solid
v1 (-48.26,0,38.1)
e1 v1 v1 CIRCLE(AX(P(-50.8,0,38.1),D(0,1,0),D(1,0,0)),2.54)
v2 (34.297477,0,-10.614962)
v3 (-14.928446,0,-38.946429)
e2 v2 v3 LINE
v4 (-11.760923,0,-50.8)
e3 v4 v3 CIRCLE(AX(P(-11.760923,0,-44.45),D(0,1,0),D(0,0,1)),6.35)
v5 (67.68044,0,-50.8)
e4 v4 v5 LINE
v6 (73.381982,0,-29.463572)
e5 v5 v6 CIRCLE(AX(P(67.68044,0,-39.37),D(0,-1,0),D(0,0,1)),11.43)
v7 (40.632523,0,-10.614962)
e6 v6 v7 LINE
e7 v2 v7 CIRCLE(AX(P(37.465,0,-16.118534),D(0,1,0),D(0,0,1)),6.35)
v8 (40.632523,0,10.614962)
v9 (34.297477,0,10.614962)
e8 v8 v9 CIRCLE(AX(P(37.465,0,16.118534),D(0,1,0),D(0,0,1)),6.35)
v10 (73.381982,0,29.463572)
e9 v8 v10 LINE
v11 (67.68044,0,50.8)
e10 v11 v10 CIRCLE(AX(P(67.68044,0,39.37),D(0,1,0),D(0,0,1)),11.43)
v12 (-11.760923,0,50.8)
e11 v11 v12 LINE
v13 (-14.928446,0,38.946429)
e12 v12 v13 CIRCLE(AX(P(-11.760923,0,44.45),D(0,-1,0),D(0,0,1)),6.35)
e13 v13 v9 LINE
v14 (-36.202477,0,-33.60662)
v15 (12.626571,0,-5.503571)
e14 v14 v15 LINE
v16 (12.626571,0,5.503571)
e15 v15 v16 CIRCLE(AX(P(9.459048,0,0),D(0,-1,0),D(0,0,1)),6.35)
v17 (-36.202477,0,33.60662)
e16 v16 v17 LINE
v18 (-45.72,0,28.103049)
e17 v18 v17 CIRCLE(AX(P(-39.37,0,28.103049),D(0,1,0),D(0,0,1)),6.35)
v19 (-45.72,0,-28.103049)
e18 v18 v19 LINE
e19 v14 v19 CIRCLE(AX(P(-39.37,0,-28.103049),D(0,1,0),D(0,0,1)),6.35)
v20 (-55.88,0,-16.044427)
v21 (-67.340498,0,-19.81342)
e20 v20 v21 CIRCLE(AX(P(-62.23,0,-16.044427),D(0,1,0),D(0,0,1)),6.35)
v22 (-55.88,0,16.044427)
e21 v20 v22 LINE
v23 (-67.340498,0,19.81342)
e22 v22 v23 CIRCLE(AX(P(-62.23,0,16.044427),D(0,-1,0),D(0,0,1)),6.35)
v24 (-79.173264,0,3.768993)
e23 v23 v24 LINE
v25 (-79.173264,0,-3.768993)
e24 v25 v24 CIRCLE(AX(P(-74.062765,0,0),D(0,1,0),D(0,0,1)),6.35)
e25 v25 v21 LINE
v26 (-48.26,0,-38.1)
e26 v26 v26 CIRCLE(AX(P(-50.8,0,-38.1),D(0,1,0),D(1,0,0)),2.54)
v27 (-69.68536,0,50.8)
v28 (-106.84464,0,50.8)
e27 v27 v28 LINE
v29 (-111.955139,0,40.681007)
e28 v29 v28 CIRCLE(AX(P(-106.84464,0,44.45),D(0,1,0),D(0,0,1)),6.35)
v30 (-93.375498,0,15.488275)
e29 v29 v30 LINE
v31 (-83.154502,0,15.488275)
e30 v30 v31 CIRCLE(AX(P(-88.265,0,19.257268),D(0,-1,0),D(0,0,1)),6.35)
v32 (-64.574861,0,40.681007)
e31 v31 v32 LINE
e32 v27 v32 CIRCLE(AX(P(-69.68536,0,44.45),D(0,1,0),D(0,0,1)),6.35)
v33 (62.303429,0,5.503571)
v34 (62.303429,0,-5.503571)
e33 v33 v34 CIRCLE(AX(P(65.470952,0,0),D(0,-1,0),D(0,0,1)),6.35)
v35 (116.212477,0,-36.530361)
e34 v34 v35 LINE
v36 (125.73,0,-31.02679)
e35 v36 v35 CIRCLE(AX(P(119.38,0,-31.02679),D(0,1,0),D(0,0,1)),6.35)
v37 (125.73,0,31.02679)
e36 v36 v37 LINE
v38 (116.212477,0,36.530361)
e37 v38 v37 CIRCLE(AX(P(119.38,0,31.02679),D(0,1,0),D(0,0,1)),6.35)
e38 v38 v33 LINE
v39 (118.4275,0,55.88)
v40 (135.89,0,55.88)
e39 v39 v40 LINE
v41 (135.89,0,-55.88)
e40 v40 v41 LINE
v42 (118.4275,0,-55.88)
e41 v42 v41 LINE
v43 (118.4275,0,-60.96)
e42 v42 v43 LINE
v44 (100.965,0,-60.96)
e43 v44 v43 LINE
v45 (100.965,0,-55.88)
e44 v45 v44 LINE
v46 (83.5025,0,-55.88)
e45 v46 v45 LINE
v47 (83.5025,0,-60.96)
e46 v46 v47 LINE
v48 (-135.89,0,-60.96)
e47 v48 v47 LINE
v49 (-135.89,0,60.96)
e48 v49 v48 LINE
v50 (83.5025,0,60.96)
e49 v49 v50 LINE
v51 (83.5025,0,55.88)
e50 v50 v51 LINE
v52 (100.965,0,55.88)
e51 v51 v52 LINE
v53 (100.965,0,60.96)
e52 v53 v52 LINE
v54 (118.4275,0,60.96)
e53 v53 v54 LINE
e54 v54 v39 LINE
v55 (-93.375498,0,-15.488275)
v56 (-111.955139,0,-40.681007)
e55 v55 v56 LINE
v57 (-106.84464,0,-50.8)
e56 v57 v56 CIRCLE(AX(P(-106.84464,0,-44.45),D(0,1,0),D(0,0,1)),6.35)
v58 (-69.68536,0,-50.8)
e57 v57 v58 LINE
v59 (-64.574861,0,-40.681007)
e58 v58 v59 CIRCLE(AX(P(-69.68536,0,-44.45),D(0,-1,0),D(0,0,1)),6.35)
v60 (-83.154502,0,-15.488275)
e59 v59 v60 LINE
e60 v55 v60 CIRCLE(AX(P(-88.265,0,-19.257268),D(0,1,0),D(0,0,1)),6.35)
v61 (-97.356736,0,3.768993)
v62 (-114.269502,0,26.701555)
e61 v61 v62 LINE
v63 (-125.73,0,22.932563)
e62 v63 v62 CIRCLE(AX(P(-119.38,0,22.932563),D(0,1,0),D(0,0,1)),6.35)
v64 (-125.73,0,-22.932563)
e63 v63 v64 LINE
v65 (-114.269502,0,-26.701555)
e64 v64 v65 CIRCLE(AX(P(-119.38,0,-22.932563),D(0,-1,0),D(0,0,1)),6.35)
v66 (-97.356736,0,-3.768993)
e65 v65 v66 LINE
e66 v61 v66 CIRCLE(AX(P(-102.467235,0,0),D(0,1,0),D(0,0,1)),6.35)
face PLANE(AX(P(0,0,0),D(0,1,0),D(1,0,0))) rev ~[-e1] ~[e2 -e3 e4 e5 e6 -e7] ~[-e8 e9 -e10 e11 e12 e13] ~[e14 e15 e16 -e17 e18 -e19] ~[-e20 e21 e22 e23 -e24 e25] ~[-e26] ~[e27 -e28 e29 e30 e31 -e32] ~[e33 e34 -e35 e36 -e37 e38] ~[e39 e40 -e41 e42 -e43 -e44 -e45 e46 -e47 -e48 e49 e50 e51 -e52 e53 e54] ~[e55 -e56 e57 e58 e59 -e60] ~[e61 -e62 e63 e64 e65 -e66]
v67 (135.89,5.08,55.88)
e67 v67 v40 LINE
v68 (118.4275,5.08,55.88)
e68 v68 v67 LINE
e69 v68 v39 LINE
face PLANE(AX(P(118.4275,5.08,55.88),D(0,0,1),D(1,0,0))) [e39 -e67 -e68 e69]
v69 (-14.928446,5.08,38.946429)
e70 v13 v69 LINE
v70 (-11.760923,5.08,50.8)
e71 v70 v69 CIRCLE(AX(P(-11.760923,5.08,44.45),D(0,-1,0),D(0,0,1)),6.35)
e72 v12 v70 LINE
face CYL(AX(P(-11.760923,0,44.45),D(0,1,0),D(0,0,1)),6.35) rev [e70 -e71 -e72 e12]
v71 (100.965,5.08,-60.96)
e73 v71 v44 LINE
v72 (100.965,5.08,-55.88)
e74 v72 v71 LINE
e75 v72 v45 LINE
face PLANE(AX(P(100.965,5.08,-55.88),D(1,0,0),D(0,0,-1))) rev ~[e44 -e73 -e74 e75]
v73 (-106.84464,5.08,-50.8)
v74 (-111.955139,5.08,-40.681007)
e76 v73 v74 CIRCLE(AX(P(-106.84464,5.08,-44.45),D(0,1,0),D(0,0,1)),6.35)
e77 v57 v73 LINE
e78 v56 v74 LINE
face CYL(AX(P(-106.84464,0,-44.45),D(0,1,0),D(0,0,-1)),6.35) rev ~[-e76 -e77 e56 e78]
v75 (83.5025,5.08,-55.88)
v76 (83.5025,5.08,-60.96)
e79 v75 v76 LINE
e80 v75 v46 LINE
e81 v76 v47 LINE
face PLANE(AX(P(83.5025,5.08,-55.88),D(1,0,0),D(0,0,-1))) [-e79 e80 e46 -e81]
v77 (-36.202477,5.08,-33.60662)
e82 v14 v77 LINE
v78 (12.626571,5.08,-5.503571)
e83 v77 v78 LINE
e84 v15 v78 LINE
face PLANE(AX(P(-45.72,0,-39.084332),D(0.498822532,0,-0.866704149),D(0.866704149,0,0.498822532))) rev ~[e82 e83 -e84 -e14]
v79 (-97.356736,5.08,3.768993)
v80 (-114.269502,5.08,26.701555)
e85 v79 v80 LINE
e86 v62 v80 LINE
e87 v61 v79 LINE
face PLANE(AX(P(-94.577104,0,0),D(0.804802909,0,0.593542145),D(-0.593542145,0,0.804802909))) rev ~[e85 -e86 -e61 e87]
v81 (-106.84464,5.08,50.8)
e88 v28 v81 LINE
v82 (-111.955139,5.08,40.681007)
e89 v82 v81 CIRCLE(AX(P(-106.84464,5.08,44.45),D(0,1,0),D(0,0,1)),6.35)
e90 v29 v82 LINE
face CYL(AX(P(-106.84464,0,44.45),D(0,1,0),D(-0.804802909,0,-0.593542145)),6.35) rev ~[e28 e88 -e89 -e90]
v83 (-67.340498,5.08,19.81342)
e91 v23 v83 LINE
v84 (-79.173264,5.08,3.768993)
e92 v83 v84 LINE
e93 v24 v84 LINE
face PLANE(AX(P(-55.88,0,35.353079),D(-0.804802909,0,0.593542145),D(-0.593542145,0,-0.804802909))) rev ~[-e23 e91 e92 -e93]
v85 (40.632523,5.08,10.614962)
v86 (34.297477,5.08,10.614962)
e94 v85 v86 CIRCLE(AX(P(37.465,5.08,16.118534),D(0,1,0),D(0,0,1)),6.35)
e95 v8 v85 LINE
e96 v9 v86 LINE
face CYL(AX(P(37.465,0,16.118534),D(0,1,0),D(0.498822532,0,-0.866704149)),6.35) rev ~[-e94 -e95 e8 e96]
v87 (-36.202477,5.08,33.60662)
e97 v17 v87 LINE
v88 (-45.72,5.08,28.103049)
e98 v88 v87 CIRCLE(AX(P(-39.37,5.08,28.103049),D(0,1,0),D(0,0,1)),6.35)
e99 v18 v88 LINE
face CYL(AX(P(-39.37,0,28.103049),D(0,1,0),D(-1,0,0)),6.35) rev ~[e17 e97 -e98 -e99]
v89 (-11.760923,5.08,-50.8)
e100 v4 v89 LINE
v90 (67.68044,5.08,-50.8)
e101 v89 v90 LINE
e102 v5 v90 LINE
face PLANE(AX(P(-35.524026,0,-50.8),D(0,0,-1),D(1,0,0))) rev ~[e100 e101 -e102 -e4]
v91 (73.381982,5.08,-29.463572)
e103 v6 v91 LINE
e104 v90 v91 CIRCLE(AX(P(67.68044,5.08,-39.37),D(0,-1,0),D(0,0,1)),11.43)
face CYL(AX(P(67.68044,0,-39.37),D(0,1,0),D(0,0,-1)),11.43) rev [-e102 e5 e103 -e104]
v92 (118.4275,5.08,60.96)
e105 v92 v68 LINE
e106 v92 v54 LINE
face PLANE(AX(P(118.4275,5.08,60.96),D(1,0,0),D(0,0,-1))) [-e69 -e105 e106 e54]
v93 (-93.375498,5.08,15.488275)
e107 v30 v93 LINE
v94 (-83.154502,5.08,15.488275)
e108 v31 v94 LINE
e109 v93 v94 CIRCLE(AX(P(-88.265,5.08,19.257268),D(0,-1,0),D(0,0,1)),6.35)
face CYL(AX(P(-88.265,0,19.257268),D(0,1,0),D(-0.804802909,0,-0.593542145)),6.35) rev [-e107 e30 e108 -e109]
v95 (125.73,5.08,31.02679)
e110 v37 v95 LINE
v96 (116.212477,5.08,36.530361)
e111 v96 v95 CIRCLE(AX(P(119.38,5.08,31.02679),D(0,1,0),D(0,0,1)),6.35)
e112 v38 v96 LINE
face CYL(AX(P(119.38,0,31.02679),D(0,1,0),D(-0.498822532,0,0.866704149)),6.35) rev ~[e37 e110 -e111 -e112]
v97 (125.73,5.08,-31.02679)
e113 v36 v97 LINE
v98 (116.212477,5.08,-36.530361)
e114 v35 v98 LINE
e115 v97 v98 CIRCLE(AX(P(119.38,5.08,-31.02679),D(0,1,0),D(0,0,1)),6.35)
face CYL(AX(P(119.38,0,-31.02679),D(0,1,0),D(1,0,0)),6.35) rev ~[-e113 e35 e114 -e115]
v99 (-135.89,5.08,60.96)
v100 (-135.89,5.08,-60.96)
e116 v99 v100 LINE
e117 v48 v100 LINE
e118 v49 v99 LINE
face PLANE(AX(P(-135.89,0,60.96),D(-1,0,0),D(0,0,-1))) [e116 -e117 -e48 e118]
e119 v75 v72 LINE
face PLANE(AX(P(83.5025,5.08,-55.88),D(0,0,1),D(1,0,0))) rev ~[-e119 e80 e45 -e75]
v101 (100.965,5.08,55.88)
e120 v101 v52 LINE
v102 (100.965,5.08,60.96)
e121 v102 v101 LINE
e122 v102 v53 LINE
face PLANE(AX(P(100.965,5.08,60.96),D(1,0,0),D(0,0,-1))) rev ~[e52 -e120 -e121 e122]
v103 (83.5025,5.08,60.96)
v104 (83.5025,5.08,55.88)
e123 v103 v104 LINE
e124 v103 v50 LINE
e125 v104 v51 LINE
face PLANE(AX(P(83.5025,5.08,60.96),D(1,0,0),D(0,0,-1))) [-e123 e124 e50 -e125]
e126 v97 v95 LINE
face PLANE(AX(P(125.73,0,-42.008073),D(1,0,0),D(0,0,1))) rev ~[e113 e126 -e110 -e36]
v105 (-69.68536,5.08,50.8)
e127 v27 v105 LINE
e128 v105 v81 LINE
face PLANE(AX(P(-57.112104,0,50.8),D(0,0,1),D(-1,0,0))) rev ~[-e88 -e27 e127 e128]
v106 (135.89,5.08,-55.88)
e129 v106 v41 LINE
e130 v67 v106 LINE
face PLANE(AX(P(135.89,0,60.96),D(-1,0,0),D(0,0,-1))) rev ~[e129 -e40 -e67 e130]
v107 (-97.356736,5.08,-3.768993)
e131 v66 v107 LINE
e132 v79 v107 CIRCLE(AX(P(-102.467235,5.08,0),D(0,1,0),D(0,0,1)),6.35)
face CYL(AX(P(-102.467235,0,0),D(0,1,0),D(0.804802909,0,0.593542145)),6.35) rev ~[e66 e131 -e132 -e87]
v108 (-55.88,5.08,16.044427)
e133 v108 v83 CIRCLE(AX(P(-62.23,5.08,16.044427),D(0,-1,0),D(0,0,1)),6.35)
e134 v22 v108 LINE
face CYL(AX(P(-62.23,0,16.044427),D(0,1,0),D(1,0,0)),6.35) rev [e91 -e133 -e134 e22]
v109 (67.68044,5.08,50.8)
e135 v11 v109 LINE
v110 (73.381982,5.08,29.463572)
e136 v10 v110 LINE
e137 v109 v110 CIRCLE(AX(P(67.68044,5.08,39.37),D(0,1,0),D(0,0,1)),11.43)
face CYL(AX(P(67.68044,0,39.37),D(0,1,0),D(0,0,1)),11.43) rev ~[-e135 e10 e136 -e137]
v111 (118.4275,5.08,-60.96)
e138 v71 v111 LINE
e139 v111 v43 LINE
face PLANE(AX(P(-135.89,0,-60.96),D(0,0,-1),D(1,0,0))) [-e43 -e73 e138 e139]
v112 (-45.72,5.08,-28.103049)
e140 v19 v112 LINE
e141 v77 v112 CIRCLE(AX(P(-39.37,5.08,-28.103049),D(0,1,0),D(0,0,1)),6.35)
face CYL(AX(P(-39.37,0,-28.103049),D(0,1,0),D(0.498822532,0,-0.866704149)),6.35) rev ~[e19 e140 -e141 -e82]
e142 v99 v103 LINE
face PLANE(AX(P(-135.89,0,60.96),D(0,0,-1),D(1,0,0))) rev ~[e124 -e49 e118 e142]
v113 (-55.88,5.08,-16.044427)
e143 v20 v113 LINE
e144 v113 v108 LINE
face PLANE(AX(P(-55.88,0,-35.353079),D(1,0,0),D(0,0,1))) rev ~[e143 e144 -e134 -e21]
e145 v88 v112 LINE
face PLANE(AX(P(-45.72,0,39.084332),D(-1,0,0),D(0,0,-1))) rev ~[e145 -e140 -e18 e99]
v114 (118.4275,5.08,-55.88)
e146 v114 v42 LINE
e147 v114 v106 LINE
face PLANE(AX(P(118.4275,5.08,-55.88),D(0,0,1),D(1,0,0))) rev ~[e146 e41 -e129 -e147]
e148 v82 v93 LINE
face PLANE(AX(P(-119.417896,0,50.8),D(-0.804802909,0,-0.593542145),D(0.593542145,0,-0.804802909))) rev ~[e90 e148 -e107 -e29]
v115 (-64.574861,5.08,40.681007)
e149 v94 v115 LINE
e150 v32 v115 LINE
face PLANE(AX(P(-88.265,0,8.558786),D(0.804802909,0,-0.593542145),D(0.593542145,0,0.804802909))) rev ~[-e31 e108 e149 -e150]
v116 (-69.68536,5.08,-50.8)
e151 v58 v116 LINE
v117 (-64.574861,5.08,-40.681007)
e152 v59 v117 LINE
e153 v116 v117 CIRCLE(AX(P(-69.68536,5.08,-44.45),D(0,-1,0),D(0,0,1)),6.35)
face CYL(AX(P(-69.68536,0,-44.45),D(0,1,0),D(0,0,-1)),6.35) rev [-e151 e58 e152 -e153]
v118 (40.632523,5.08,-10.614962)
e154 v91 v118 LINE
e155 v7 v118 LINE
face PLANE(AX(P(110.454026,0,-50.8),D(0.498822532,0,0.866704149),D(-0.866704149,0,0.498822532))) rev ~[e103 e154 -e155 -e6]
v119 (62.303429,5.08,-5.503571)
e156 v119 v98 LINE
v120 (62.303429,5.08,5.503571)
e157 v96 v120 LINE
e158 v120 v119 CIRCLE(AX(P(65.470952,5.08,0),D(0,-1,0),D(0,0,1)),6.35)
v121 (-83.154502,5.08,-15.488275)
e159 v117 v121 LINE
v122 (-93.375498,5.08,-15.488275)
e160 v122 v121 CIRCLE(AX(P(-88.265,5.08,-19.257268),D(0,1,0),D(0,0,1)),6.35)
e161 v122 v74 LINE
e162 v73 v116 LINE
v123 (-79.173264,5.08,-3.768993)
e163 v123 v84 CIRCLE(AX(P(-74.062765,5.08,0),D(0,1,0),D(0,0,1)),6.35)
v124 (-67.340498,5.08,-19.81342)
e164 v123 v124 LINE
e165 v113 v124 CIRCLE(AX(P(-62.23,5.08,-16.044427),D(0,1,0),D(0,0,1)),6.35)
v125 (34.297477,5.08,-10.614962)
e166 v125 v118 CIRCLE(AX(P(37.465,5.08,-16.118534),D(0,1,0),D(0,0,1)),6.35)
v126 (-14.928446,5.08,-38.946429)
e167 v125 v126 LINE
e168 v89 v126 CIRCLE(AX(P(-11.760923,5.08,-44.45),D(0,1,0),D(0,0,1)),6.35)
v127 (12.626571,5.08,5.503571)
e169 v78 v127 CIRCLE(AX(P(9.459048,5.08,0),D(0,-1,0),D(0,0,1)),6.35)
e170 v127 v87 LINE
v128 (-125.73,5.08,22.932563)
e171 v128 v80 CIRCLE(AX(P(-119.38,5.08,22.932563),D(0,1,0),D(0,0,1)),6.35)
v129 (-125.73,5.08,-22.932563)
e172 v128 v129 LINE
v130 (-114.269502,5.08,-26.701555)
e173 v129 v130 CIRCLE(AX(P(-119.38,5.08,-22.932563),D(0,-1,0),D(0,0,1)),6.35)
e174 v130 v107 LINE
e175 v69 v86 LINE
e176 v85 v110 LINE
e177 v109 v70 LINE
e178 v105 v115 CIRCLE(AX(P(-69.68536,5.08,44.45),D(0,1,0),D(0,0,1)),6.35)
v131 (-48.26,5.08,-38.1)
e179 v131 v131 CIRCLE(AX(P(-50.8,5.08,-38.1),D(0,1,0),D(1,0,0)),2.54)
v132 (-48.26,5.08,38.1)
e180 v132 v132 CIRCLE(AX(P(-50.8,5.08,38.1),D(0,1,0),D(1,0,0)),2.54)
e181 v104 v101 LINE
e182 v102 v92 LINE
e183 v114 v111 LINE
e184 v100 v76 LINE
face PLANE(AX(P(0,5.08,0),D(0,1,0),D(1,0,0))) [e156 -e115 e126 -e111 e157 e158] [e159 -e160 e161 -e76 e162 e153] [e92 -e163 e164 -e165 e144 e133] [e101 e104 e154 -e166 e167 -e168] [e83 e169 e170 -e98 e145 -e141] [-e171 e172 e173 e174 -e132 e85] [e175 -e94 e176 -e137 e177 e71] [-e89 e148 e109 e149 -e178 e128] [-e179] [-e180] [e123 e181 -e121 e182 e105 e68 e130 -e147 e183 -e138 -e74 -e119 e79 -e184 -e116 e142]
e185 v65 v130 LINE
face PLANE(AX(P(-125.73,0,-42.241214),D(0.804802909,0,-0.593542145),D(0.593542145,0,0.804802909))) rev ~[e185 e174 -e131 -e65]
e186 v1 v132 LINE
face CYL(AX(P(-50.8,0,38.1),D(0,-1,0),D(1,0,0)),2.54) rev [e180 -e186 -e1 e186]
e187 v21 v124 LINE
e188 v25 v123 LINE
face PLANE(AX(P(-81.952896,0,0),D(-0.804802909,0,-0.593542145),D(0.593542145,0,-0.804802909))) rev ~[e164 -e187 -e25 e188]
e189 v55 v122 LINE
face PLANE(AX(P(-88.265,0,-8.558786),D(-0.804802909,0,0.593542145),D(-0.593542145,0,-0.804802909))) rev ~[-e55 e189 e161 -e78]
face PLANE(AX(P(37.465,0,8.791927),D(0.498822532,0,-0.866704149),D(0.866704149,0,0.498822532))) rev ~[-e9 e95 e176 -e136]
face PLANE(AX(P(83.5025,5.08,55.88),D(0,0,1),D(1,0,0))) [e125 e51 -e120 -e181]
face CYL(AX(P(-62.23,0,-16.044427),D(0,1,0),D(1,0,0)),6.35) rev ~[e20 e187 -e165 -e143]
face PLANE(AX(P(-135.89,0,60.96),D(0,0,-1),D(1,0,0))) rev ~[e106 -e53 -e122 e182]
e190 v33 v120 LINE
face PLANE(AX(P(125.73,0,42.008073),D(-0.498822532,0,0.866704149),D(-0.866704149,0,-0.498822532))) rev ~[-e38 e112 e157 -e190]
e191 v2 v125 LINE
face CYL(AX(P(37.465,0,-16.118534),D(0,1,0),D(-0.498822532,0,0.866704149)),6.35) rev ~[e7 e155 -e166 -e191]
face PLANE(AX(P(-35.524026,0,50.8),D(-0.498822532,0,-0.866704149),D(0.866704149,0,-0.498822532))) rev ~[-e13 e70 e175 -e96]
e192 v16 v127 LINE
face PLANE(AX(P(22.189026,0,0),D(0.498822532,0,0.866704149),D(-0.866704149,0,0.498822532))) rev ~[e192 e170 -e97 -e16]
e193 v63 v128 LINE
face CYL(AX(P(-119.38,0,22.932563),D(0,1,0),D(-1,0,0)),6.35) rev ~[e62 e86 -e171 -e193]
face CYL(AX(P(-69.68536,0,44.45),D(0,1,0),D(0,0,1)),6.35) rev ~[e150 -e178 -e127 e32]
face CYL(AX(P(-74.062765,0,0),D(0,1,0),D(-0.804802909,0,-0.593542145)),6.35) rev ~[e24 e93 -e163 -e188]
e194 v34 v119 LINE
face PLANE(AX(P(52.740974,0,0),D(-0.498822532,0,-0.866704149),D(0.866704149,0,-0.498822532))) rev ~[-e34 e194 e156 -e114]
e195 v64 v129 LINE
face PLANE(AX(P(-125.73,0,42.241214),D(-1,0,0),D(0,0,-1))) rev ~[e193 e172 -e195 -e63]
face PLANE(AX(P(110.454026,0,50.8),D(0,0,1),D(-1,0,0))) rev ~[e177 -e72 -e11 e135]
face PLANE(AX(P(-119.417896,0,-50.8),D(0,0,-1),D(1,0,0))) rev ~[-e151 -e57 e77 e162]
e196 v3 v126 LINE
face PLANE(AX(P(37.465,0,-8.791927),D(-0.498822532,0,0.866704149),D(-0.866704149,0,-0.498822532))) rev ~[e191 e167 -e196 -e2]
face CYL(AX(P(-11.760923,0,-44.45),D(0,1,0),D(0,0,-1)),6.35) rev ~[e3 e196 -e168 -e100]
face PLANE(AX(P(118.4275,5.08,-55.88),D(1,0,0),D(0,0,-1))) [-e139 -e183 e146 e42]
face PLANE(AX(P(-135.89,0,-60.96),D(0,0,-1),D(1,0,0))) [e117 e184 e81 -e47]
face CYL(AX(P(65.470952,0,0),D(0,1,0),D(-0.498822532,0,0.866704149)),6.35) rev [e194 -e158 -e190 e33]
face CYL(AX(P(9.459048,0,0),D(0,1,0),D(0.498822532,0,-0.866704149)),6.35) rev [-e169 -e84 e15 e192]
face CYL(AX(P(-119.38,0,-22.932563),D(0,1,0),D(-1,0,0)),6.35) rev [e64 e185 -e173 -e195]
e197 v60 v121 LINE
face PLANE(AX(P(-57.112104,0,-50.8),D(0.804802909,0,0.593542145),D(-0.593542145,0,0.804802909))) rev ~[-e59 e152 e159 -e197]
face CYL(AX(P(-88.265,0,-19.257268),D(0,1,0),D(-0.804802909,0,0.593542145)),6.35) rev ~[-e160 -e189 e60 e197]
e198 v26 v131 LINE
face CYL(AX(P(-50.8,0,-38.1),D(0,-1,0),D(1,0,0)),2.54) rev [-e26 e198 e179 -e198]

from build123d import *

# Parameters (mm, degrees)
SKETCH1_W           = 271.78
SKETCH1_H           = 121.92
SKETCH1_R           = 2.54
BOSS_EXTRUDE1_DEPTH = 5.08
FILLET1_R           = 6.35
SKETCH3_W           = 17.4625
SKETCH3_H           = 5.08
CUT_EXTRUDE2_DEPTH  = 7.62
FILLET2_R           = 11.43


with BuildPart() as part:
    # Sketch1 → Boss-Extrude1 (new body)
    with BuildSketch(Plane(origin=(0, 0, 0), x_dir=(1, 0, 0), z_dir=(0, 1, 0))):
        Rectangle(SKETCH1_W, SKETCH1_H)
        with Locations((-50.8, -38.1)):
            Circle(SKETCH1_R, mode=Mode.SUBTRACT)
        Polygon((-125.73, 42.241214341), (-94.577104423, 0), (-125.73, -42.241214341), align=None, mode=Mode.SUBTRACT)
        Polygon((-88.265, -8.558785659), (-57.112104423, -50.8), (-119.417895577, -50.8), align=None, mode=Mode.SUBTRACT)
        Polygon((-55.88, -35.353078748), (-81.952895577, 0), (-55.88, 35.353078748), align=None, mode=Mode.SUBTRACT)
        Polygon((-35.524026052, -50.8), (37.465, -8.791927452), (110.454026052, -50.8), align=None, mode=Mode.SUBTRACT)
        Polygon((22.189026052, 0), (-45.72, -39.084331541), (-45.72, 39.084331541), align=None, mode=Mode.SUBTRACT)
        Polygon((-57.112104423, 50.8), (-88.265, 8.558785659), (-119.417895577, 50.8), align=None, mode=Mode.SUBTRACT)
        with Locations((-50.8, 38.1)):
            Circle(SKETCH1_R, mode=Mode.SUBTRACT)
        Polygon((52.740973948, 0), (125.73, 42.008072548), (125.73, -42.008072548), align=None, mode=Mode.SUBTRACT)
        Polygon((110.454026052, 50.8), (37.465, 8.791927452), (-35.524026052, 50.8), align=None, mode=Mode.SUBTRACT)
    extrude(amount=BOSS_EXTRUDE1_DEPTH)

    # Fillet1
    fillet1_edges = [part.edges().sort_by_distance(p)[0] for p in [
        (-35.524026052, 2.54, 50.8),
        (37.465, 2.54, 8.791927452),
        (125.73, 2.54, 42.008072548),
        (125.73, 2.54, -42.008072548),
        (52.740973948, 2.54, 0),
        (-45.72, 2.54, 39.084331541),
        (22.189026052, 2.54, 0),
        (-45.72, 2.54, -39.084331541),
        (-35.524026052, 2.54, -50.8),
        (37.465, 2.54, -8.791927452),
        (-125.73, 2.54, -42.241214341),
        (-125.73, 2.54, 42.241214341),
        (-94.577104423, 2.54, 0),
        (-57.112104423, 2.54, -50.8),
        (-119.417895577, 2.54, -50.8),
        (-88.265, 2.54, -8.558785659),
        (-119.417895577, 2.54, 50.8),
        (-57.112104423, 2.54, 50.8),
        (-88.265, 2.54, 8.558785659),
        (-55.88, 2.54, 35.353078748),
        (-55.88, 2.54, -35.353078748),
        (-81.952895577, 2.54, 0),
    ]]
    fillet(fillet1_edges, radius=FILLET1_R)

    # Sketch3 → Cut-Extrude2 (cut)
    with BuildSketch(Plane(origin=(0, 5.08, 0), x_dir=(1, 0, 0), z_dir=(0, 1, 0))):
        with Locations((92.23375, 58.42)):
            Rectangle(SKETCH3_W, SKETCH3_H)
        with Locations((127.15875, 58.42)):
            Rectangle(SKETCH3_W, SKETCH3_H)
        with Locations((92.23375, -58.42)):
            Rectangle(SKETCH3_W, SKETCH3_H)
        with Locations((127.15875, -58.42)):
            Rectangle(SKETCH3_W, SKETCH3_H)
    extrude(amount=-CUT_EXTRUDE2_DEPTH, mode=Mode.SUBTRACT)

    # Fillet2
    fillet2_edges = [part.edges().sort_by_distance(p)[0] for p in [
        (110.454026052, 2.54, 50.8),
        (110.454026052, 2.54, -50.8),
    ]]
    fillet(fillet2_edges, radius=FILLET2_R)


solid = part.part
